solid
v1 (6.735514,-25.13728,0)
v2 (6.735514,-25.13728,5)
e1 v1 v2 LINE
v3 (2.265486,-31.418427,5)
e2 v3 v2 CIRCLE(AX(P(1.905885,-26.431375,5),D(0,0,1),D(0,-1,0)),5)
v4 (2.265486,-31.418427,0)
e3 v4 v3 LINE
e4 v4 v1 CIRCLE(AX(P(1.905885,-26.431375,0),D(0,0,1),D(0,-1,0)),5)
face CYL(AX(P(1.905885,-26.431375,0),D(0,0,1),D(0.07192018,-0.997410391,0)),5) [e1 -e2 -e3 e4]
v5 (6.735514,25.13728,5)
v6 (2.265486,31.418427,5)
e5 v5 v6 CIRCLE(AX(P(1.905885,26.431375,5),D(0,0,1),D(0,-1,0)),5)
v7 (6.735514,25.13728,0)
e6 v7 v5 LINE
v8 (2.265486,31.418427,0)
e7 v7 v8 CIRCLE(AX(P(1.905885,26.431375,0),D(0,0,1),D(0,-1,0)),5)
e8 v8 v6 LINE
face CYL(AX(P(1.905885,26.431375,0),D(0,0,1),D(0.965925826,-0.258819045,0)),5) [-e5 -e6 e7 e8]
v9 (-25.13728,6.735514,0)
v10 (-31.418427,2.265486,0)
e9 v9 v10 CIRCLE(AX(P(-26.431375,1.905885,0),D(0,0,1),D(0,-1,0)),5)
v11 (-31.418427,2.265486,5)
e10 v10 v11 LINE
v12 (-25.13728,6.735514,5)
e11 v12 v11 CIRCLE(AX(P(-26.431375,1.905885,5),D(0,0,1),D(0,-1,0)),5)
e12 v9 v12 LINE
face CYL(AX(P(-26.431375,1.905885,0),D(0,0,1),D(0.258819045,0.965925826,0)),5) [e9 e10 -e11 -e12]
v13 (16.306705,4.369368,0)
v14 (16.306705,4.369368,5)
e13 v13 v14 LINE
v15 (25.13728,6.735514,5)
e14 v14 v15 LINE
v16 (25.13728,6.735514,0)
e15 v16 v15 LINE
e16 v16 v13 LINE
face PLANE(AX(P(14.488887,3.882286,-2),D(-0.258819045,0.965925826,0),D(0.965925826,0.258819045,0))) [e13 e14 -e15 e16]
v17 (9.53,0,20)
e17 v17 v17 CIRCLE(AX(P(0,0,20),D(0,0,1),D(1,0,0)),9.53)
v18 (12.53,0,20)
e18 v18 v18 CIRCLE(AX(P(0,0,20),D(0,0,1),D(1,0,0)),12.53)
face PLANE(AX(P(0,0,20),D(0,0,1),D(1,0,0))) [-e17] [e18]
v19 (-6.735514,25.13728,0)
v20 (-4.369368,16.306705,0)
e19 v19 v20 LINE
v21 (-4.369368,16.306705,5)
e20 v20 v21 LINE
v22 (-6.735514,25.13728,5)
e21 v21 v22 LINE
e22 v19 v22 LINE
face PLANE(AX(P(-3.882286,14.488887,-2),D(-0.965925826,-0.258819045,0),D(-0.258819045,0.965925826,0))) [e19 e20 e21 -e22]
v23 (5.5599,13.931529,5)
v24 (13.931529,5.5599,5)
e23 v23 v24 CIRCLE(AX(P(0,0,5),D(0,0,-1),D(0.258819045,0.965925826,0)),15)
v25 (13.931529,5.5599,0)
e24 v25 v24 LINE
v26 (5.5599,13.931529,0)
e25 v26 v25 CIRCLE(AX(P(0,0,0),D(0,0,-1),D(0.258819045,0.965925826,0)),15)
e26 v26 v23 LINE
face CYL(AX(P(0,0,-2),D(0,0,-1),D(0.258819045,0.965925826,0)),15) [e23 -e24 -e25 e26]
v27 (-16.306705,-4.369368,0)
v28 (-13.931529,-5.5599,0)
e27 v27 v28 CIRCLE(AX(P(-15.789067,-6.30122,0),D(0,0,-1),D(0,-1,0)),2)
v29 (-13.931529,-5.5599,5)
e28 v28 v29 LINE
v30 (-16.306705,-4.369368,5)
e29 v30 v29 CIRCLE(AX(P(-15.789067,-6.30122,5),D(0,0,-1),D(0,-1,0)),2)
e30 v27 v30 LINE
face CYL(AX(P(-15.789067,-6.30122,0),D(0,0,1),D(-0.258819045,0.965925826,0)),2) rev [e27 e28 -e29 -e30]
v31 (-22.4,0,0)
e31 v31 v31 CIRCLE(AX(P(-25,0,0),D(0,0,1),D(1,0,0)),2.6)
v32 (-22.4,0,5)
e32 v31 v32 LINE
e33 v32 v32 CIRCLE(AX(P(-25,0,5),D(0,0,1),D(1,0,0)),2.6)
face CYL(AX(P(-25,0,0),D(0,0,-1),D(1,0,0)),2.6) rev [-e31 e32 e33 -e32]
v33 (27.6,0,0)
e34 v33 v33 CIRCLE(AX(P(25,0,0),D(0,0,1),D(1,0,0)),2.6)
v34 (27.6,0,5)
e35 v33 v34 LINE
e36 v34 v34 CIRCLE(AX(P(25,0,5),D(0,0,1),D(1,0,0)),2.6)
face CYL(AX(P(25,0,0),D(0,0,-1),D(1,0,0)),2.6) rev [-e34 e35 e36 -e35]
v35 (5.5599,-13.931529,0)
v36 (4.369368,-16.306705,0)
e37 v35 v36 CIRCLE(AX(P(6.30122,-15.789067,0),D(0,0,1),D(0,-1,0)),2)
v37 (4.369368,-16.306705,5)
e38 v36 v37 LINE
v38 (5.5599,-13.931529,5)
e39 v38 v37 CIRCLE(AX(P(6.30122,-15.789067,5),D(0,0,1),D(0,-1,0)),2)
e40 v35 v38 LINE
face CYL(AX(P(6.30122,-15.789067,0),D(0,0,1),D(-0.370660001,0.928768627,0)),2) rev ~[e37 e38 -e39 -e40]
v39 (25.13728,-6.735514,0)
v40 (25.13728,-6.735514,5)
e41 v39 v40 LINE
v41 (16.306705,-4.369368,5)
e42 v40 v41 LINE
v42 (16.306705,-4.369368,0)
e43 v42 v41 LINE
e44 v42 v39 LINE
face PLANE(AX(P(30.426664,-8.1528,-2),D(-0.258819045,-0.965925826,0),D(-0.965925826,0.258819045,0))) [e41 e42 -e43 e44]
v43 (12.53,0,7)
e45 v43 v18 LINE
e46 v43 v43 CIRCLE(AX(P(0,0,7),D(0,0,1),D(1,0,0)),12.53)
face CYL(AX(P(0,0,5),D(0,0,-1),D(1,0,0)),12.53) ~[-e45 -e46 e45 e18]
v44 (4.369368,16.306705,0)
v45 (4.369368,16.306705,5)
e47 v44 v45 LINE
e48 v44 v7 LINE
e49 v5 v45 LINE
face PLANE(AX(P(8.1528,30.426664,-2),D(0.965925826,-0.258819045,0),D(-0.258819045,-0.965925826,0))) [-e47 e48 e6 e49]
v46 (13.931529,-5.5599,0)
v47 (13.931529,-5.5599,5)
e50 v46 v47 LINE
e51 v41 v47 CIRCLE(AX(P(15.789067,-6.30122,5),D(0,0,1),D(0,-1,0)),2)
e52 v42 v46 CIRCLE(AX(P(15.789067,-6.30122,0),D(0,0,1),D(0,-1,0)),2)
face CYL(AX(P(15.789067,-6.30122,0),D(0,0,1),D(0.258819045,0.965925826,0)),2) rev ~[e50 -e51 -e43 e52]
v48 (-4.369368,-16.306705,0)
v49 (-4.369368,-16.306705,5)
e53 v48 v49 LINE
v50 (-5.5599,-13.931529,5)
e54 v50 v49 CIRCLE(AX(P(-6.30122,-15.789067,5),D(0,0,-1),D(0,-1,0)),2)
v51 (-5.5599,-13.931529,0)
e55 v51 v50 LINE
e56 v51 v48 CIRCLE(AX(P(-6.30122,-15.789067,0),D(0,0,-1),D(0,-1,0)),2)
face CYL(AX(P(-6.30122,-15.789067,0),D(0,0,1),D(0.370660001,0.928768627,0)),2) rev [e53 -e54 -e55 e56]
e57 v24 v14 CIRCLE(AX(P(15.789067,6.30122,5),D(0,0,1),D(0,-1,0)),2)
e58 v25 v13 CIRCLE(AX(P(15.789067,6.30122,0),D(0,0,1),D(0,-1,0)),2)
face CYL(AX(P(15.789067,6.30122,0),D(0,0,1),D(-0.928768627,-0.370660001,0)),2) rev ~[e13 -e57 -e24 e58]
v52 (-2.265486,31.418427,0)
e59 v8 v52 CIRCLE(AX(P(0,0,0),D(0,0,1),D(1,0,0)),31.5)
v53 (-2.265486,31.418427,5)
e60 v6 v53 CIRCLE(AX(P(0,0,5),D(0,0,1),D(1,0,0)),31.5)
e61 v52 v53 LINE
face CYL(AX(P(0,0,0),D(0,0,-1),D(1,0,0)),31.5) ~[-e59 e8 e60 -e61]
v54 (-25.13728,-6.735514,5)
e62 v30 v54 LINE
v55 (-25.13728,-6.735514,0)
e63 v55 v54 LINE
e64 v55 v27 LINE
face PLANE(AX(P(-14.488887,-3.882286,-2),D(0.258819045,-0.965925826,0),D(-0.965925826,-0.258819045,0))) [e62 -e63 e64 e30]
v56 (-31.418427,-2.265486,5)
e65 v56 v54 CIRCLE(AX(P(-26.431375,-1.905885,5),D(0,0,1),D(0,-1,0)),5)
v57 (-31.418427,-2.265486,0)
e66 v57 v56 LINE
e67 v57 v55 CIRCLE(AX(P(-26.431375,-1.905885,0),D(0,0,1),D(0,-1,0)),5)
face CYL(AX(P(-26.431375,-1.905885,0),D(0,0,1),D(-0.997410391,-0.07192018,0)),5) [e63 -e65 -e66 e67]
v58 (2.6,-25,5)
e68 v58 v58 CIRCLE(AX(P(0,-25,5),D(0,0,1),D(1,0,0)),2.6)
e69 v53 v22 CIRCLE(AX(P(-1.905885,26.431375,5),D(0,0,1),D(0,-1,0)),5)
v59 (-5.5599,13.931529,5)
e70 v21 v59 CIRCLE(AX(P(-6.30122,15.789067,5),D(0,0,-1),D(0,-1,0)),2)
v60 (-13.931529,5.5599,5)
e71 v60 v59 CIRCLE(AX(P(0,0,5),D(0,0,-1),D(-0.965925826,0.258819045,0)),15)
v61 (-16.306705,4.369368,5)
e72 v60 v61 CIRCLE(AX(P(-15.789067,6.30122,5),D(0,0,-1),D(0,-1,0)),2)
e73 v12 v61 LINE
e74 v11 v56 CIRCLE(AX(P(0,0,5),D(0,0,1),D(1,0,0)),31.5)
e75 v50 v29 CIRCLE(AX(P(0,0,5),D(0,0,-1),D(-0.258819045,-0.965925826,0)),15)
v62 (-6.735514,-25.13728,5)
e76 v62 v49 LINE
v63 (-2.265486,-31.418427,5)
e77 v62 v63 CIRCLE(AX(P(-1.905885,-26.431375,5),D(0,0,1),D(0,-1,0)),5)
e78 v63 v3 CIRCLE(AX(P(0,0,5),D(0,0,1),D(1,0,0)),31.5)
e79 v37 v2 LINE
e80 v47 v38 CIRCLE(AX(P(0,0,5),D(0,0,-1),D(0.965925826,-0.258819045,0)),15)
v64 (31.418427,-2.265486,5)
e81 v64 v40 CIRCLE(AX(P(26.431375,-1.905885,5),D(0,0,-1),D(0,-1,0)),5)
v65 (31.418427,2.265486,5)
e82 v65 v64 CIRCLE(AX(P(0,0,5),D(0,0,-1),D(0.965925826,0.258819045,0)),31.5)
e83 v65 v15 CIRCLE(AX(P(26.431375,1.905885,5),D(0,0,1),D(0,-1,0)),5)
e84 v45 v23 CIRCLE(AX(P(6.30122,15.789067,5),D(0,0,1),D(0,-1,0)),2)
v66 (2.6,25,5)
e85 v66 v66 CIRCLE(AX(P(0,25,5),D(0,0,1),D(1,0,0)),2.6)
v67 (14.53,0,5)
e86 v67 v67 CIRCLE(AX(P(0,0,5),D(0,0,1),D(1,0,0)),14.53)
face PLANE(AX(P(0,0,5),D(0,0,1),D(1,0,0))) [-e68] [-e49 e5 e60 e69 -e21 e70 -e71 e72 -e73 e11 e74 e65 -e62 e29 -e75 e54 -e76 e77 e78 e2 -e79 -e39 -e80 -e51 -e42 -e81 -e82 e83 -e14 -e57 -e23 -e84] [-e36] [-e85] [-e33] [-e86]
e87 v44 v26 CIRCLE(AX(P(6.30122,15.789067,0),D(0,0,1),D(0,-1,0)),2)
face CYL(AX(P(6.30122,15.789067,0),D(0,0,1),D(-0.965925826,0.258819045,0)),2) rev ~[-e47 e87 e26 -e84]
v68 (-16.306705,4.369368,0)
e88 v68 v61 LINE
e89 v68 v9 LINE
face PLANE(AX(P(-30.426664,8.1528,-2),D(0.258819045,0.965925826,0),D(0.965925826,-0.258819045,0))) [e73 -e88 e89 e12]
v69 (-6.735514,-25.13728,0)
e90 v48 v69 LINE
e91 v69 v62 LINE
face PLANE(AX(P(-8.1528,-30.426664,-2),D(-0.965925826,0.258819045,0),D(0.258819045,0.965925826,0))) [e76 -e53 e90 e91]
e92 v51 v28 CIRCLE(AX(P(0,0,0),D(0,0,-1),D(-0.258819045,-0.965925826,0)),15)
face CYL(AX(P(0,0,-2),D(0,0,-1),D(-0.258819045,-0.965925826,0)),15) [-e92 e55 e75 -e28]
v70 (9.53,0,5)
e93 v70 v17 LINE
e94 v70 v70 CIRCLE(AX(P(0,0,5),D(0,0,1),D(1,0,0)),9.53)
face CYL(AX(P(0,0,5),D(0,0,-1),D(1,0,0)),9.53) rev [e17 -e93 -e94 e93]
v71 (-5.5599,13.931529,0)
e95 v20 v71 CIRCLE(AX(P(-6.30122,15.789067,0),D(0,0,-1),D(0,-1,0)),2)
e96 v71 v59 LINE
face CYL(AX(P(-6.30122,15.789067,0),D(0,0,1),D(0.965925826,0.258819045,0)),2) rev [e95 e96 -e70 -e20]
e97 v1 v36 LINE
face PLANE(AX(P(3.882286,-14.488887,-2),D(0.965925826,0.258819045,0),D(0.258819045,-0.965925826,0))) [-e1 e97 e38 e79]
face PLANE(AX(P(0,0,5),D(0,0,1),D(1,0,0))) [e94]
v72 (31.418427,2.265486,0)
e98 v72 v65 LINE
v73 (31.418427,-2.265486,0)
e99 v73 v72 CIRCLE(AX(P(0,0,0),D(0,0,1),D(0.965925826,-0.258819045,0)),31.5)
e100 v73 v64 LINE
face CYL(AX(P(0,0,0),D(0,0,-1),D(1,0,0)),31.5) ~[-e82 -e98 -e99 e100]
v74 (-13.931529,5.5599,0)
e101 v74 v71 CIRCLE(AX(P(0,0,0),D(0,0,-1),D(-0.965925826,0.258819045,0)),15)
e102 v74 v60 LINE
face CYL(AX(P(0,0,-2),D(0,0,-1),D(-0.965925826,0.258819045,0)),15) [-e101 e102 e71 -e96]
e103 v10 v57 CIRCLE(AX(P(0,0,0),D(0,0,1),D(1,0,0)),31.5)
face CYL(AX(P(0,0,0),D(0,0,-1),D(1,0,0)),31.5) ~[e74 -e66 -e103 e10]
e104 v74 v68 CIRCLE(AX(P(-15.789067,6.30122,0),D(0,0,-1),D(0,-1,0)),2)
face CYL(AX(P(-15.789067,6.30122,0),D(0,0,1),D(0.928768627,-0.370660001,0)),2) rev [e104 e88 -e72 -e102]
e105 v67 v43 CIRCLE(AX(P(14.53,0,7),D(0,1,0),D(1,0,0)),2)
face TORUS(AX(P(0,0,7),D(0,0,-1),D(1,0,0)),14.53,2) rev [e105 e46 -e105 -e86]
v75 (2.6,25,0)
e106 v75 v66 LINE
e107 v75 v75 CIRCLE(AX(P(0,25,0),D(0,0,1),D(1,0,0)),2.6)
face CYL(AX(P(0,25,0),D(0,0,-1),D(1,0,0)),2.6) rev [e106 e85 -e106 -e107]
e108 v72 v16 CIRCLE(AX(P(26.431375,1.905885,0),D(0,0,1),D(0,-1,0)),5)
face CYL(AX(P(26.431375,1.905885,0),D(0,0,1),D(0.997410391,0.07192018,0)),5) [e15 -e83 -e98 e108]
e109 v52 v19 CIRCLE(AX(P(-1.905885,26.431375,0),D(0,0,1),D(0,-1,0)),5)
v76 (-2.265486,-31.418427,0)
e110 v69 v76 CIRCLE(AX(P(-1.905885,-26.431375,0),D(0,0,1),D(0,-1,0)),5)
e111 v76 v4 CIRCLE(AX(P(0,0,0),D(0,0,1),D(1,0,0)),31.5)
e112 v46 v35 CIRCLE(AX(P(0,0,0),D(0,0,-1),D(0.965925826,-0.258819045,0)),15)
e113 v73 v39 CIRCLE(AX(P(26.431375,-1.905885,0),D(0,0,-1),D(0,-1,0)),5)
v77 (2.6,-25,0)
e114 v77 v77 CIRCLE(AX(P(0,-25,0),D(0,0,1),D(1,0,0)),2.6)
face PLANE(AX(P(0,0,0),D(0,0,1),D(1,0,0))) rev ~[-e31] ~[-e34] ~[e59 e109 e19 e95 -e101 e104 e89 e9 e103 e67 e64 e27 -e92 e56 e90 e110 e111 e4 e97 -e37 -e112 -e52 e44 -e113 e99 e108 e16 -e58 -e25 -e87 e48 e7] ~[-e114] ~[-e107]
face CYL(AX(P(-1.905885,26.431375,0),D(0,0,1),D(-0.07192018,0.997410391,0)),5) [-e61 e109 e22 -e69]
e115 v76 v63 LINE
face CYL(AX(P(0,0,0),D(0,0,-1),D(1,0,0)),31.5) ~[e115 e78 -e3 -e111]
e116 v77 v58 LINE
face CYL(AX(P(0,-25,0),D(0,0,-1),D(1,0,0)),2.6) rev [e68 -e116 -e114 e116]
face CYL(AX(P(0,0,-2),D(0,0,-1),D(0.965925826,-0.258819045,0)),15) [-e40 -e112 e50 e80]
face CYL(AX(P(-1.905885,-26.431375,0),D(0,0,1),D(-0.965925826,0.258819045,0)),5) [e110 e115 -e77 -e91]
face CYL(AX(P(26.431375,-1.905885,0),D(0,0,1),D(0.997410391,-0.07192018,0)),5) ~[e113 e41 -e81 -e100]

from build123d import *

# Parameters (mm, degrees)
SKETCH1_R           = 31.5
SKETCH1_R_2         = 2.6
BOSS_EXTRUDE1_DEPTH = 5
SKETCH2_R           = 12.53
SKETCH2_R_2         = 9.53
BOSS_EXTRUDE2_DEPTH = 15
CUT_EXTRUDE1_START  = -7
CUT_EXTRUDE1_DEPTH  = 7
FILLET1_R           = 5
FILLET2_R           = 2
FILLET3_R           = 2


with BuildPart() as part:
    # Sketch1 → Boss-Extrude1 (new body)
    with BuildSketch(Plane.XY):
        Circle(SKETCH1_R)
        with Locations((0, 25)):
            Circle(SKETCH1_R_2, mode=Mode.SUBTRACT)
        with Locations((25, 0)):
            Circle(SKETCH1_R_2, mode=Mode.SUBTRACT)
        with Locations((0, -25)):
            Circle(SKETCH1_R_2, mode=Mode.SUBTRACT)
        with Locations((-25, 0)):
            Circle(SKETCH1_R_2, mode=Mode.SUBTRACT)
    extrude(amount=BOSS_EXTRUDE1_DEPTH)

    # Sketch2 → Boss-Extrude2 (add)
    with BuildSketch(Plane.XY.offset(5)):
        Circle(SKETCH2_R)
        Circle(SKETCH2_R_2, mode=Mode.SUBTRACT)
    extrude(amount=BOSS_EXTRUDE2_DEPTH)

    # Sketch3 → Cut-Extrude1 (cut)
    with BuildSketch(Plane.XY.offset(5).offset(CUT_EXTRUDE1_START)):
        with BuildLine():
            ThreePointArc((-14.488887394, 3.882285677), (-10.606601718, 10.606601718), (-3.882285677, 14.488887394))
            Line((-3.882285677, 14.488887394), (-8.152799921, 30.426663528))
            ThreePointArc((-8.152799921, 30.426663528), (-22.273863607, 22.273863607), (-30.426663528, 8.152799921))
            Line((-30.426663528, 8.152799921), (-14.488887394, 3.882285677))
        make_face()
        with BuildLine():
            Line((8.152799921, 30.426663528), (3.882285677, 14.488887394))
            ThreePointArc((3.882285677, 14.488887394), (10.606601718, 10.606601718), (14.488887394, 3.882285677))
            Line((14.488887394, 3.882285677), (30.426663528, 8.152799921))
            ThreePointArc((30.426663528, 8.152799921), (22.273863607, 22.273863607), (8.152799921, 30.426663528))
        make_face()
        with BuildLine():
            Line((30.426663528, -8.152799921), (14.488887394, -3.882285677))
            ThreePointArc((14.488887394, -3.882285677), (10.606601718, -10.606601718), (3.882285677, -14.488887394))
            Line((3.882285677, -14.488887394), (8.152799921, -30.426663528))
            ThreePointArc((8.152799921, -30.426663528), (22.273863607, -22.273863607), (30.426663528, -8.152799921))
        make_face()
        with BuildLine():
            Line((-8.152799921, -30.426663528), (-3.882285677, -14.488887394))
            ThreePointArc((-3.882285677, -14.488887394), (-10.606601718, -10.606601718), (-14.488887394, -3.882285677))
            Line((-14.488887394, -3.882285677), (-30.426663528, -8.152799921))
            ThreePointArc((-30.426663528, -8.152799921), (-22.273863607, -22.273863607), (-8.152799921, -30.426663528))
        make_face()
    extrude(amount=CUT_EXTRUDE1_DEPTH, mode=Mode.SUBTRACT)

    # Fillet1
    fillet1_edges = [part.edges().sort_by_distance(p)[0] for p in [
        (-8.152799921, -30.426663528, 2.5),
        (-30.426663528, -8.152799921, 2.5),
        (30.426663528, -8.152799921, 2.5),
        (8.152799921, -30.426663528, 2.5),
        (8.152799921, 30.426663528, 2.5),
        (30.426663528, 8.152799921, 2.5),
        (-30.426663528, 8.152799921, 2.5),
        (-8.152799921, 30.426663528, 2.5),
    ]]
    fillet(fillet1_edges, radius=FILLET1_R)

    # Fillet2
    fillet2_edges = [part.edges().sort_by_distance(p)[0] for p in [
        (-14.488887394, -3.882285677, 2.5),
        (-3.882285677, -14.488887394, 2.5),
        (3.882285677, -14.488887394, 2.5),
        (14.488887394, -3.882285677, 2.5),
        (14.488887394, 3.882285677, 2.5),
        (3.882285677, 14.488887394, 2.5),
        (-3.882285677, 14.488887394, 2.5),
        (-14.488887394, 3.882285677, 2.5),
    ]]
    fillet(fillet2_edges, radius=FILLET2_R)

    # Fillet3
    fillet3_edges = [part.edges().sort_by_distance(p)[0] for p in [
        (-12.53, 0, 5),
    ]]
    fillet(fillet3_edges, radius=FILLET3_R)


solid = part.part
